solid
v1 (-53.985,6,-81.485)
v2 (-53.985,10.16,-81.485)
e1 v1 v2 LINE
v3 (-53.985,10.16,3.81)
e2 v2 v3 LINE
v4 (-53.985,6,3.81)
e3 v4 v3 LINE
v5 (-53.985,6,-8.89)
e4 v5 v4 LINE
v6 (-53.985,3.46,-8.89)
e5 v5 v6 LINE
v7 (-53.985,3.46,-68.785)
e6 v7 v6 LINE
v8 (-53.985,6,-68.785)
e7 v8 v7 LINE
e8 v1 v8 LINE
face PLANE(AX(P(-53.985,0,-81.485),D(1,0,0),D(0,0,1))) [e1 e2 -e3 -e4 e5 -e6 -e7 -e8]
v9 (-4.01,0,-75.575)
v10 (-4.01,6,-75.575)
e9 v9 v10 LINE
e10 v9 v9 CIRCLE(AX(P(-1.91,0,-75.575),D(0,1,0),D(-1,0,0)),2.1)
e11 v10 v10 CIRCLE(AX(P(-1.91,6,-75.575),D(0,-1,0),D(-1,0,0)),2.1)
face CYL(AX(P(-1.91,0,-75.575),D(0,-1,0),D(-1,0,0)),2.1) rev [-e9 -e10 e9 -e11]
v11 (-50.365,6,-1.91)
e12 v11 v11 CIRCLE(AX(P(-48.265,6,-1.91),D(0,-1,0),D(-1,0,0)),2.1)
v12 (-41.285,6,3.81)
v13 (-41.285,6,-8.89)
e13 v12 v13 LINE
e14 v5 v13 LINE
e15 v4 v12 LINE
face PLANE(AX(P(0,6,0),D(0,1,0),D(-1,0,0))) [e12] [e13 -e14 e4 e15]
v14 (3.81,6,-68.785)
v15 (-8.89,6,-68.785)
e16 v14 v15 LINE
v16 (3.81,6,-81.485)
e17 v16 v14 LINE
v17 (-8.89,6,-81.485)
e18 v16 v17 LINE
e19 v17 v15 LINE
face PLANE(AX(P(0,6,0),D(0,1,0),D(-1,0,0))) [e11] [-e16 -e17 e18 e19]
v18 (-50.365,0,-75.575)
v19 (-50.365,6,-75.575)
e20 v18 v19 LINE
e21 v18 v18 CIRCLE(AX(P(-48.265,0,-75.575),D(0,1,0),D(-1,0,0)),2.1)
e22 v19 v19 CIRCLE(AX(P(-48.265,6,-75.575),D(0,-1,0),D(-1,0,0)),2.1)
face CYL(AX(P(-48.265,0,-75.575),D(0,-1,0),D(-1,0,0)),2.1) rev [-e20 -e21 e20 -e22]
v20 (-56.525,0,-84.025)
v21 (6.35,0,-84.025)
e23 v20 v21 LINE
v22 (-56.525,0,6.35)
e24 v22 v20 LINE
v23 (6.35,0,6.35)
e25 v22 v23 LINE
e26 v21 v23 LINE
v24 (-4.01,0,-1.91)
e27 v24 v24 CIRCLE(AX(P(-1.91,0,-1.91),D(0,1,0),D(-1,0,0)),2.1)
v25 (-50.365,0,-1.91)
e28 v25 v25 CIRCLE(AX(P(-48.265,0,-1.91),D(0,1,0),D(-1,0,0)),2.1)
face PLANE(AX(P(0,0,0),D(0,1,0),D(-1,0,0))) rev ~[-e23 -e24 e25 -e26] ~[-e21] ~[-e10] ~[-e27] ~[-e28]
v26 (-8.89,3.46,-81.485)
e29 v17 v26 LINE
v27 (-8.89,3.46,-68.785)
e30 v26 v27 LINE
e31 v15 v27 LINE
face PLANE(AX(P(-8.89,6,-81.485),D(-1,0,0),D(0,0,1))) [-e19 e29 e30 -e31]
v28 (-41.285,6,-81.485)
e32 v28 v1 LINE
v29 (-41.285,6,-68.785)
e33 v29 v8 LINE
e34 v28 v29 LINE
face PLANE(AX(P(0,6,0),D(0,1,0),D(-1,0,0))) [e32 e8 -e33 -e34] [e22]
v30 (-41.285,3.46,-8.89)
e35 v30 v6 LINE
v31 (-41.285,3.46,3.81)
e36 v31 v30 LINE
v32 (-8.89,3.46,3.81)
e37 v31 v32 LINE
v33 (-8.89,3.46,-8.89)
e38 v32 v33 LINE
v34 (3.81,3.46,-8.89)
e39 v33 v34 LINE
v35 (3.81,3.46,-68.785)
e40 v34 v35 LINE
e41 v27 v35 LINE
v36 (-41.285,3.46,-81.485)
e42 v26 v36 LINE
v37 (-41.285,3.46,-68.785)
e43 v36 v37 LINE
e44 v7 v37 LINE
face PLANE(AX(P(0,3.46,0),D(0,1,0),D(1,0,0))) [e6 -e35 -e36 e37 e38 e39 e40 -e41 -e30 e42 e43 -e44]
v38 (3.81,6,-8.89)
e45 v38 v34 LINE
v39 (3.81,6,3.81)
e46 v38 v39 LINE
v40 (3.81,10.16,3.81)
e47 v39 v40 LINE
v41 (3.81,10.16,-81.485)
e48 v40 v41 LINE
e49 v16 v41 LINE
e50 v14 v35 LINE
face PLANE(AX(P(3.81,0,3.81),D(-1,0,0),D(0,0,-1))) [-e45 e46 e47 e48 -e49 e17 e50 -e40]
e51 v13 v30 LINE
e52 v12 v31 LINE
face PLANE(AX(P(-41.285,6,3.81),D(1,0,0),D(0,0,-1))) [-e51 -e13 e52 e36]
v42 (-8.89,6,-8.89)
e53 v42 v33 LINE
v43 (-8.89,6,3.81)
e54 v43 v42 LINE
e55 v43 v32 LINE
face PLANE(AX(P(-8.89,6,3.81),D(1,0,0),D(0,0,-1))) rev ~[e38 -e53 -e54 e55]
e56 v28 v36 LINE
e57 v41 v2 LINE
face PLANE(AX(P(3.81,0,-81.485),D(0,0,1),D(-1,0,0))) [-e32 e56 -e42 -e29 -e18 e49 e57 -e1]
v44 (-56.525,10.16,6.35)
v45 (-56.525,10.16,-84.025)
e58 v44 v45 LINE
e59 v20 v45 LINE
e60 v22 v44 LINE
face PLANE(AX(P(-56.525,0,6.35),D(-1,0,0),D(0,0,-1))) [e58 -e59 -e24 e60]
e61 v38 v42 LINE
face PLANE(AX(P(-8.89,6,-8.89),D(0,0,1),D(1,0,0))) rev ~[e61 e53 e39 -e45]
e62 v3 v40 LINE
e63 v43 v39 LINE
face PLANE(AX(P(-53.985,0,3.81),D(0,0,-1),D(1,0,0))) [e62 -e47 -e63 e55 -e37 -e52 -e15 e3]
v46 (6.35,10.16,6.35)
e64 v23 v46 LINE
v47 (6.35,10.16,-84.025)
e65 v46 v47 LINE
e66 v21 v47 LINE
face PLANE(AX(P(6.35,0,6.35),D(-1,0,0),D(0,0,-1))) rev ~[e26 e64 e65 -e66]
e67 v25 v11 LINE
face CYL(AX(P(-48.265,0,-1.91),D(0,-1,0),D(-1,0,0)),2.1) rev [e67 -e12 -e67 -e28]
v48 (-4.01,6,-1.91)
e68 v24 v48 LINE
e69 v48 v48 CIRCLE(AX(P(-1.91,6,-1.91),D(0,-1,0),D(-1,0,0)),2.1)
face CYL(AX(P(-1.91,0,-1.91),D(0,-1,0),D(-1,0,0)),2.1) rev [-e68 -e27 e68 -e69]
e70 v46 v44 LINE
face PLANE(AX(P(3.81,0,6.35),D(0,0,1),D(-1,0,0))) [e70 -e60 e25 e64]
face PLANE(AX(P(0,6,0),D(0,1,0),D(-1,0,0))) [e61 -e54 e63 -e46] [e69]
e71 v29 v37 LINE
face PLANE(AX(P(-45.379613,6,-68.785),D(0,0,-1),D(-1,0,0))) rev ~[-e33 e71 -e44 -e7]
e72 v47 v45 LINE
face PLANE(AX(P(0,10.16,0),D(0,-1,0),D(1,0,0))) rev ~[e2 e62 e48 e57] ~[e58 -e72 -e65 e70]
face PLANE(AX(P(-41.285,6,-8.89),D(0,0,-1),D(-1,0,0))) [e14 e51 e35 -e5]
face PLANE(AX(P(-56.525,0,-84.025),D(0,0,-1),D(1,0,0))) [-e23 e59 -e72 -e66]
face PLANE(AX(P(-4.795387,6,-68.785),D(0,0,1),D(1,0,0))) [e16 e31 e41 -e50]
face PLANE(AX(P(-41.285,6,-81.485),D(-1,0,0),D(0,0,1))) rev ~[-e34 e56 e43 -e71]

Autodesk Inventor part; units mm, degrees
ref_plane "YZ Plane" through (0, 0, 0) normal (1, 0, 0) x (0, 1, 0)
ref_plane "XZ Plane" through (0, 0, 0) normal (0, 1, 0) x (-1, 0, 0)
ref_plane "XY Plane" through (0, 0, 0) normal (0, 0, 1) x (1, 0, 0)
sketch "Sketch1" plane through (0, 0, 0) normal (0, 1, 0) x (-1, 0, 0)
  line L0 (0, 0) -> (50.175, 0)
  line L1 (50.175, 0) -> (50.175, -77.485)
  line L2 (50.175, -77.485) -> (0, -77.485)
  line L3 (0, -77.485) -> (0, 0)
  circle A0 centre (48.265, -1.91) radius 2.1
  circle A1 centre (48.265, -75.575) radius 2.1
  circle A2 centre (1.91, -1.91) radius 2.1
  circle A3 centre (1.91, -75.575) radius 2.1
  line L4 (50.175, 0) -> (53.985, 0)
  line L5 (53.985, 0) -> (53.985, -77.675)
  line L6 (53.985, -77.675) -> (50.175, -77.675)
  line L7 (50.175, -77.675) -> (50.175, 0)
  line L8 (0, 0) -> (-3.81, 0)
  line L9 (-3.81, 0) -> (-3.81, -77.675)
  line L10 (-3.81, -77.675) -> (0, -77.675)
  line L11 (0, -77.675) -> (0, 0)
  line L12 (53.985, -77.675) -> (-3.81, -77.675)
  line L13 (-3.81, -77.675) -> (-3.81, -81.485)
  line L14 (-3.81, -81.485) -> (53.985, -81.485)
  line L15 (53.985, -81.485) -> (53.985, -77.675)
  line L16 (-3.81, 0) -> (53.985, 0)
  line L17 (53.985, 0) -> (53.985, 3.81)
  line L18 (53.985, 3.81) -> (-3.81, 3.81)
  line L19 (-3.81, 3.81) -> (-3.81, 0)
  point P0 (0, -77.485)
  point P1 (0, -76.4479)
  point P2 (0, -74.7021)
  point P3 (0, -2.7829)
  point P4 (0, -1.0371)
  dimension "d0" = 77.485
  dimension "d1" = 50.175
  dimension "d3" = 4.2
  dimension "d4" = 4.2
  dimension "d6" = 1.91
  dimension "d7" = 1.91
  dimension "d8" = 1.91
  dimension "d9" = 4.2
  dimension "d10" = 4.2
  dimension "d11" = 1.91
  dimension "d12" = 1.91
  dimension "d13" = 1.91
  dimension "d14" = 1.91
  dimension "d15" = 1.91
  dimension "d18" = 3.81
  dimension "d19" = 3.81
  dimension "d20" = 3.81
  dimension "d21" = 3.81
extrude "Extrusion2" add sketch "Sketch1" along normal blind 6 contours L8 L19 L18 L17 L4 L0 A0 A2 | L0 A2 L3 | L3 A2 A3 L11 L10 L9 L8 | L0 A0 L1 A1 L2 A3 L3 A2 | L10 L12 L6 L15 L14 L13 | L11 L2 A3 L12 | L0 L1 A0 | A0 L1 L4 L5 L6 L7 A1 | A3 L2 L3 | A3 L2 A1 L12 | A1 L2 L7 L12 | L1 L2 A1 picked at (0.2904, -0.2904) picked at (49.8846, -0.2904) picked at (0.2904, -77.1946) picked at (49.8846, -77.1946)
sketch "Sketch2" plane through (0, 6, 0) normal (0, 1, 0) x (1, 0, 0)
  circle A0 centre (-1.91, 1.91) radius 2.1 projected
  circle A1 centre (-48.265, 1.91) radius 2.1 projected
  circle A2 centre (-48.265, 75.575) radius 2.1 projected
  line L0 (3.81, -3.81) -> (3.81, 81.485) projected
  line L1 (3.81, 81.485) -> (-53.985, 81.485) projected
  line L2 (-53.985, 81.485) -> (-53.985, -3.81) projected
  line L3 (-53.985, -3.81) -> (3.81, -3.81) projected
  circle A3 centre (-1.91, 75.575) radius 2.1 projected
  point P0 (0, 0)
sketch "Sketch3" plane through (0, 0, 0) normal (0, -1, 0) x (1, 0, 0)
  line L0 (-53.985, 3.81) -> (3.81, 3.81) projected
  line L1 (-53.985, 3.81) -> (3.81, 3.81)
  line L2 (3.81, 3.81) -> (3.81, 6.35)
  line L3 (3.81, 6.35) -> (-53.985, 6.35)
  line L4 (-53.985, 6.35) -> (-53.985, 3.81)
  circle A0 centre (-1.91, -1.91) radius 2.1 projected
  circle A1 centre (-48.265, -1.91) radius 2.1 projected
  circle A2 centre (-48.265, -75.575) radius 2.1 projected
  line L5 (3.81, 3.81) -> (3.81, -81.485) projected
  line L6 (-53.985, 3.81) -> (3.81, 3.81) projected
  line L7 (-53.985, -81.485) -> (-53.985, 3.81) projected
  line L8 (3.81, -81.485) -> (-53.985, -81.485) projected
  circle A3 centre (-1.91, -75.575) radius 2.1 projected
  line L9 (3.81, 6.35) -> (6.35, 6.35)
  line L10 (6.35, 6.35) -> (6.35, -81.485)
  line L11 (6.35, -81.485) -> (3.81, -81.485)
  line L12 (3.81, -81.485) -> (3.81, 6.35)
  line L13 (3.81, -81.485) -> (-53.985, -81.485) projected
  line L14 (-53.985, -81.485) -> (6.35, -81.485)
  line L15 (6.35, -81.485) -> (6.35, -84.025)
  line L16 (6.35, -84.025) -> (-53.985, -84.025)
  line L17 (-53.985, -84.025) -> (-53.985, -81.485)
  line L18 (-53.985, 6.35) -> (-56.525, 6.35)
  line L19 (-56.525, 6.35) -> (-56.525, -84.025)
  line L20 (-56.525, -84.025) -> (-53.985, -84.025)
  line L21 (-53.985, -84.025) -> (-53.985, 6.35)
  point P0 (0, 0)
  dimension "d24" = 2.54
  dimension "d25" = 2.54
  dimension "d26" = 2.54
  dimension "d27" = 2.54
extrude "Extrusion3" add sketch "Sketch3" against normal blind 10.16 contours L4 L3 L2 L0 | L7 L17 L20 L19 L18 L4 | L2 L9 L10 L11 L5 | L8 L11 L15 L16 L17
sketch "Sketch4" plane through (0, 6, 0) normal (0, 1, 0) x (1, 0, 0)
  point P0 (0, 0)
sketch "Sketch5" plane through (0, 6, 0) normal (0, 1, 0) x (1, 0, 0)
  circle A0 centre (-1.91, 1.91) radius 2.1 projected
  circle A1 centre (-48.265, 1.91) radius 2.1 projected
  circle A2 centre (-48.265, 75.575) radius 2.1 projected
  line L0 (3.81, -3.81) -> (3.81, 81.485) projected
  line L1 (3.81, 81.485) -> (-53.985, 81.485) projected
  line L2 (-53.985, 81.485) -> (-53.985, -3.81) projected
  line L3 (-53.985, -3.81) -> (3.81, -3.81) projected
  circle A3 centre (-1.91, 75.575) radius 2.1 projected
  line L4 (-56.525, 84.025) -> (-56.525, -6.35) projected
  line L5 (-53.985, -3.81) -> (-53.985, 81.485) projected
  line L6 (-53.985, -3.81) -> (3.81, 81.485)
  line L7 (-53.985, 81.485) -> (-53.985, -3.81) projected
  line L8 (-53.985, 81.485) -> (3.81, -3.81)
  line L9 (-53.985, 81.485) -> (-41.285, 81.485)
  line L10 (-41.285, 81.485) -> (-41.285, 68.785)
  line L11 (-41.285, 68.785) -> (-53.985, 68.785)
  line L12 (-53.985, 68.785) -> (-53.985, 81.485)
  line L13 (3.81, 81.485) -> (-53.985, 81.485) projected
  line L14 (3.81, 81.485) -> (-8.89, 81.485)
  line L15 (-8.89, 81.485) -> (-8.89, 68.785)
  line L16 (-8.89, 68.785) -> (3.81, 68.785)
  line L17 (3.81, 68.785) -> (3.81, 81.485)
  line L18 (-53.985, -3.81) -> (3.81, -3.81) projected
  line L19 (-53.985, -3.81) -> (-41.285, -3.81)
  line L20 (-41.285, -3.81) -> (-41.285, 8.89)
  line L21 (-41.285, 8.89) -> (-53.985, 8.89)
  line L22 (-53.985, 8.89) -> (-53.985, -3.81)
  line L23 (3.81, -3.81) -> (-8.89, -3.81)
  line L24 (-8.89, -3.81) -> (-8.89, 8.89)
  line L25 (-8.89, 8.89) -> (3.81, 8.89)
  line L26 (3.81, 8.89) -> (3.81, -3.81)
  point P0 (0, 0)
  dimension "d30" = 12.7
  dimension "d31" = 12.7
  dimension "d32" = 12.7
  dimension "d33" = 12.7
  dimension "d34" = 12.7
  dimension "d35" = 12.7
extrude "Extrusion4" cut sketch "Sketch5" against normal blind 2.54 contours L25 L24 L3 L20 L21 L6 L8 | L8 L6 L16 L0 L25 | L8 L11 L10 L1 L15 L16 L6 | L6 L21 L2 L11 L8
properties part number "PCB_BOARD_Holder_"
